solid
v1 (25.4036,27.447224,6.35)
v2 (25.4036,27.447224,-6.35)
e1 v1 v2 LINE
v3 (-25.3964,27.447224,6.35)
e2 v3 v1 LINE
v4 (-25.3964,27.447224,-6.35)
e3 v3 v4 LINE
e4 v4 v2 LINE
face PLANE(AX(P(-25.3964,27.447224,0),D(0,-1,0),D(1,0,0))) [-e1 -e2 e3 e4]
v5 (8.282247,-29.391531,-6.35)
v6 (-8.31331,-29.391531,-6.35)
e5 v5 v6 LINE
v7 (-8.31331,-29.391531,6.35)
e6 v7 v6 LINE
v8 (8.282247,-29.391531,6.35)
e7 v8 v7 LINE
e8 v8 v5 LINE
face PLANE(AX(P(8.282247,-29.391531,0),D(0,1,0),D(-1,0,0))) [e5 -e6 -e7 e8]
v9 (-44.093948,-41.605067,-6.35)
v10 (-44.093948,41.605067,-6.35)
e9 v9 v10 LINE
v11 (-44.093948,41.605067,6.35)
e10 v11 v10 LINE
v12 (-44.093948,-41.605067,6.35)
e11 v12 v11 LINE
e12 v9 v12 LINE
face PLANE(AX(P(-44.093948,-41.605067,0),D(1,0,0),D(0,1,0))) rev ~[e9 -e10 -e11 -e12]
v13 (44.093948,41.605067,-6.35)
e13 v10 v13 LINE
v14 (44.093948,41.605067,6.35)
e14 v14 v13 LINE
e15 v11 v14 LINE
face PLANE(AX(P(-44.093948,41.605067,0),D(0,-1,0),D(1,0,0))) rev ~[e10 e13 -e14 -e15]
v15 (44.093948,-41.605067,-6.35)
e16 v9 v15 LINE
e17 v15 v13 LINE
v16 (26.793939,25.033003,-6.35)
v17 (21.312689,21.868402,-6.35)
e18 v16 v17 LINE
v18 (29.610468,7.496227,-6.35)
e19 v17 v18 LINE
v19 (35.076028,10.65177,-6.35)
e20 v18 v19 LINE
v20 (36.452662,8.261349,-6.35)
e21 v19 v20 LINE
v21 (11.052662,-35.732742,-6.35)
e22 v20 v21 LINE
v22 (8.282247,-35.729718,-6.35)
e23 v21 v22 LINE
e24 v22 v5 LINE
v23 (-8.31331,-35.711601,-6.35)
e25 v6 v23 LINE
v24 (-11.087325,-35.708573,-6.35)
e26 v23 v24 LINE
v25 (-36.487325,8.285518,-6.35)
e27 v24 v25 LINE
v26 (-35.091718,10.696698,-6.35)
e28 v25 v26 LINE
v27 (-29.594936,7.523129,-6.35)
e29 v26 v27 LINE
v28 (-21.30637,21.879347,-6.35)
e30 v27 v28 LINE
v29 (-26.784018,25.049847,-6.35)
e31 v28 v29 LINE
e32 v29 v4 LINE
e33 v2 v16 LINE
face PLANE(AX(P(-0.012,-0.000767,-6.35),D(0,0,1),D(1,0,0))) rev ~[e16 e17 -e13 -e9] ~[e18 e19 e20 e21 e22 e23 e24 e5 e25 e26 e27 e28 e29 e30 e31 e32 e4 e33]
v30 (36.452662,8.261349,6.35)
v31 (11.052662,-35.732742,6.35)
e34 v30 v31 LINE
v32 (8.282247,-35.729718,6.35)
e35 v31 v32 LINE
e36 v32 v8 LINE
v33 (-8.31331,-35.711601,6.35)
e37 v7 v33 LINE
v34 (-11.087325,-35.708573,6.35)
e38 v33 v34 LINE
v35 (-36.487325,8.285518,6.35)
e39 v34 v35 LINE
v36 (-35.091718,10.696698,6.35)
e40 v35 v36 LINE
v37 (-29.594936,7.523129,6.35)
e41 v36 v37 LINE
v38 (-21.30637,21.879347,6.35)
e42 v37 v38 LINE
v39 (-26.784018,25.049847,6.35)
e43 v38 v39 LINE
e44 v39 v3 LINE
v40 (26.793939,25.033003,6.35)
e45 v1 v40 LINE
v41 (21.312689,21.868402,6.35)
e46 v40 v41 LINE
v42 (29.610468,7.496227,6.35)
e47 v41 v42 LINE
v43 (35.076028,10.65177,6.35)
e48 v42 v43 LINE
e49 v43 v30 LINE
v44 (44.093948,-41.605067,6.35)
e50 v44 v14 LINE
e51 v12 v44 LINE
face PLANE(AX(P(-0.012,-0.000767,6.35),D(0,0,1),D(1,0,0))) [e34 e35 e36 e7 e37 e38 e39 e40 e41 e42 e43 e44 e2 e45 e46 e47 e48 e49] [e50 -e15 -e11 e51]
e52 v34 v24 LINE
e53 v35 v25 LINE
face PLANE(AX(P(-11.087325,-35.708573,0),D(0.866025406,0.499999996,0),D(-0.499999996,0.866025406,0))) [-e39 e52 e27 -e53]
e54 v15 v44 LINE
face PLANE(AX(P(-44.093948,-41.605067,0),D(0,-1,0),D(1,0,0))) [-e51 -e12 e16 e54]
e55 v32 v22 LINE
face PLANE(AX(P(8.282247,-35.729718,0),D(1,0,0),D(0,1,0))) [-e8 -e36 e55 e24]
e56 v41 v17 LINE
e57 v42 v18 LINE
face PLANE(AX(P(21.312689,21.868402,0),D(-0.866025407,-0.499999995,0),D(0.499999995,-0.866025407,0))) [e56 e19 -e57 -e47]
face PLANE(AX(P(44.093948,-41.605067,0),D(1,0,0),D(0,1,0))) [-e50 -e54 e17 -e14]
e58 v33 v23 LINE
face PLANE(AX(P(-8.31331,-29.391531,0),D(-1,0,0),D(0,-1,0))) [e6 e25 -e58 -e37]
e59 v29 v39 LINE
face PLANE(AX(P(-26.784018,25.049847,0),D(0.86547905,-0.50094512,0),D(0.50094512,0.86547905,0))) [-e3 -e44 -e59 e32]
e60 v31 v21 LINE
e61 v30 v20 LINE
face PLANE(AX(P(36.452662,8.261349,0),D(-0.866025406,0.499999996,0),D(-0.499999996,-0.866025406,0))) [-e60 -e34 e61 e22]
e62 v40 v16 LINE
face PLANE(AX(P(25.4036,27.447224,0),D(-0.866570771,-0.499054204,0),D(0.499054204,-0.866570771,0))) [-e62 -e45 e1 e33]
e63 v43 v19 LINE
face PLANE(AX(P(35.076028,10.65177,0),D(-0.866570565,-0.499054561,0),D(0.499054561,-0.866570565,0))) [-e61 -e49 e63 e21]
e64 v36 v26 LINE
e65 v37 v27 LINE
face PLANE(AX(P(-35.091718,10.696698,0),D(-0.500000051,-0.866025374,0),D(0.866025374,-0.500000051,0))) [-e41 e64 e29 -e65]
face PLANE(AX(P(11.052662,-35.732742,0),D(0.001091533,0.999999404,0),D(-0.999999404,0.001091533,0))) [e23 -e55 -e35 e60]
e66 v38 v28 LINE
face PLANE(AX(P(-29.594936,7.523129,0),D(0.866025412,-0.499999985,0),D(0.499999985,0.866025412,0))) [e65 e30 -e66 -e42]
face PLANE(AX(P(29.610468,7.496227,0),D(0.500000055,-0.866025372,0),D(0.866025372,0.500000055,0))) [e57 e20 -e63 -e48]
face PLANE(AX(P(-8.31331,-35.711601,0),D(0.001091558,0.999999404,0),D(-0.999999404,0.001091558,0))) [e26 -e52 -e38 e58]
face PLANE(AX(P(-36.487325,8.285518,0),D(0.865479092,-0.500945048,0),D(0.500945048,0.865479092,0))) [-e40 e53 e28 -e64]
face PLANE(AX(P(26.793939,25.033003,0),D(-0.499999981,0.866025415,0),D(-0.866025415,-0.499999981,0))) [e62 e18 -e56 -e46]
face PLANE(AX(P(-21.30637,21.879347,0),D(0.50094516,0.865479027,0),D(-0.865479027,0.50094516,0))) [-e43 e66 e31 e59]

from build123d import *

# Parameters (mm, degrees)
F0_W     = 88.187896
F0_H     = 83.210134
F1_DEPTH = 6.35


with BuildPart() as f1:
    # F0 (on Top) → F1 (new body, symmetric)
    with BuildSketch(Plane.XY):
        Polygon((25.4036, 27.447224), (-25.3964, 27.447224), (-26.784018, 25.049847), (-21.30637, 21.879347), (-29.594936, 7.523129), (-35.091718, 10.696698), (-36.487325, 8.285518), (-11.087325, -35.708573), (-8.31331, -35.711601), (-8.31331, -29.391531), (8.282247, -29.391531), (8.282247, -35.729718), (11.052662, -35.732742), (36.452662, 8.261349), (35.076028, 10.65177), (29.610468, 7.496227), (21.312689, 21.868402), (26.793939, 25.033003), align=None)
        Rectangle(F0_W, F0_H)
        Polygon((-26.784018, 25.049847), (-25.3964, 27.447224), (25.4036, 27.447224), (26.793939, 25.033003), (21.312689, 21.868402), (29.610468, 7.496227), (35.076028, 10.65177), (36.452662, 8.261349), (11.052662, -35.732742), (8.282247, -35.729718), (8.282247, -29.391531), (-8.31331, -29.391531), (-8.31331, -35.711601), (-11.087325, -35.708573), (-36.487325, 8.285518), (-35.091718, 10.696698), (-29.594936, 7.523129), (-21.30637, 21.879347), align=None, mode=Mode.SUBTRACT)
    extrude(amount=F1_DEPTH, both=True)


solid = f1.part
